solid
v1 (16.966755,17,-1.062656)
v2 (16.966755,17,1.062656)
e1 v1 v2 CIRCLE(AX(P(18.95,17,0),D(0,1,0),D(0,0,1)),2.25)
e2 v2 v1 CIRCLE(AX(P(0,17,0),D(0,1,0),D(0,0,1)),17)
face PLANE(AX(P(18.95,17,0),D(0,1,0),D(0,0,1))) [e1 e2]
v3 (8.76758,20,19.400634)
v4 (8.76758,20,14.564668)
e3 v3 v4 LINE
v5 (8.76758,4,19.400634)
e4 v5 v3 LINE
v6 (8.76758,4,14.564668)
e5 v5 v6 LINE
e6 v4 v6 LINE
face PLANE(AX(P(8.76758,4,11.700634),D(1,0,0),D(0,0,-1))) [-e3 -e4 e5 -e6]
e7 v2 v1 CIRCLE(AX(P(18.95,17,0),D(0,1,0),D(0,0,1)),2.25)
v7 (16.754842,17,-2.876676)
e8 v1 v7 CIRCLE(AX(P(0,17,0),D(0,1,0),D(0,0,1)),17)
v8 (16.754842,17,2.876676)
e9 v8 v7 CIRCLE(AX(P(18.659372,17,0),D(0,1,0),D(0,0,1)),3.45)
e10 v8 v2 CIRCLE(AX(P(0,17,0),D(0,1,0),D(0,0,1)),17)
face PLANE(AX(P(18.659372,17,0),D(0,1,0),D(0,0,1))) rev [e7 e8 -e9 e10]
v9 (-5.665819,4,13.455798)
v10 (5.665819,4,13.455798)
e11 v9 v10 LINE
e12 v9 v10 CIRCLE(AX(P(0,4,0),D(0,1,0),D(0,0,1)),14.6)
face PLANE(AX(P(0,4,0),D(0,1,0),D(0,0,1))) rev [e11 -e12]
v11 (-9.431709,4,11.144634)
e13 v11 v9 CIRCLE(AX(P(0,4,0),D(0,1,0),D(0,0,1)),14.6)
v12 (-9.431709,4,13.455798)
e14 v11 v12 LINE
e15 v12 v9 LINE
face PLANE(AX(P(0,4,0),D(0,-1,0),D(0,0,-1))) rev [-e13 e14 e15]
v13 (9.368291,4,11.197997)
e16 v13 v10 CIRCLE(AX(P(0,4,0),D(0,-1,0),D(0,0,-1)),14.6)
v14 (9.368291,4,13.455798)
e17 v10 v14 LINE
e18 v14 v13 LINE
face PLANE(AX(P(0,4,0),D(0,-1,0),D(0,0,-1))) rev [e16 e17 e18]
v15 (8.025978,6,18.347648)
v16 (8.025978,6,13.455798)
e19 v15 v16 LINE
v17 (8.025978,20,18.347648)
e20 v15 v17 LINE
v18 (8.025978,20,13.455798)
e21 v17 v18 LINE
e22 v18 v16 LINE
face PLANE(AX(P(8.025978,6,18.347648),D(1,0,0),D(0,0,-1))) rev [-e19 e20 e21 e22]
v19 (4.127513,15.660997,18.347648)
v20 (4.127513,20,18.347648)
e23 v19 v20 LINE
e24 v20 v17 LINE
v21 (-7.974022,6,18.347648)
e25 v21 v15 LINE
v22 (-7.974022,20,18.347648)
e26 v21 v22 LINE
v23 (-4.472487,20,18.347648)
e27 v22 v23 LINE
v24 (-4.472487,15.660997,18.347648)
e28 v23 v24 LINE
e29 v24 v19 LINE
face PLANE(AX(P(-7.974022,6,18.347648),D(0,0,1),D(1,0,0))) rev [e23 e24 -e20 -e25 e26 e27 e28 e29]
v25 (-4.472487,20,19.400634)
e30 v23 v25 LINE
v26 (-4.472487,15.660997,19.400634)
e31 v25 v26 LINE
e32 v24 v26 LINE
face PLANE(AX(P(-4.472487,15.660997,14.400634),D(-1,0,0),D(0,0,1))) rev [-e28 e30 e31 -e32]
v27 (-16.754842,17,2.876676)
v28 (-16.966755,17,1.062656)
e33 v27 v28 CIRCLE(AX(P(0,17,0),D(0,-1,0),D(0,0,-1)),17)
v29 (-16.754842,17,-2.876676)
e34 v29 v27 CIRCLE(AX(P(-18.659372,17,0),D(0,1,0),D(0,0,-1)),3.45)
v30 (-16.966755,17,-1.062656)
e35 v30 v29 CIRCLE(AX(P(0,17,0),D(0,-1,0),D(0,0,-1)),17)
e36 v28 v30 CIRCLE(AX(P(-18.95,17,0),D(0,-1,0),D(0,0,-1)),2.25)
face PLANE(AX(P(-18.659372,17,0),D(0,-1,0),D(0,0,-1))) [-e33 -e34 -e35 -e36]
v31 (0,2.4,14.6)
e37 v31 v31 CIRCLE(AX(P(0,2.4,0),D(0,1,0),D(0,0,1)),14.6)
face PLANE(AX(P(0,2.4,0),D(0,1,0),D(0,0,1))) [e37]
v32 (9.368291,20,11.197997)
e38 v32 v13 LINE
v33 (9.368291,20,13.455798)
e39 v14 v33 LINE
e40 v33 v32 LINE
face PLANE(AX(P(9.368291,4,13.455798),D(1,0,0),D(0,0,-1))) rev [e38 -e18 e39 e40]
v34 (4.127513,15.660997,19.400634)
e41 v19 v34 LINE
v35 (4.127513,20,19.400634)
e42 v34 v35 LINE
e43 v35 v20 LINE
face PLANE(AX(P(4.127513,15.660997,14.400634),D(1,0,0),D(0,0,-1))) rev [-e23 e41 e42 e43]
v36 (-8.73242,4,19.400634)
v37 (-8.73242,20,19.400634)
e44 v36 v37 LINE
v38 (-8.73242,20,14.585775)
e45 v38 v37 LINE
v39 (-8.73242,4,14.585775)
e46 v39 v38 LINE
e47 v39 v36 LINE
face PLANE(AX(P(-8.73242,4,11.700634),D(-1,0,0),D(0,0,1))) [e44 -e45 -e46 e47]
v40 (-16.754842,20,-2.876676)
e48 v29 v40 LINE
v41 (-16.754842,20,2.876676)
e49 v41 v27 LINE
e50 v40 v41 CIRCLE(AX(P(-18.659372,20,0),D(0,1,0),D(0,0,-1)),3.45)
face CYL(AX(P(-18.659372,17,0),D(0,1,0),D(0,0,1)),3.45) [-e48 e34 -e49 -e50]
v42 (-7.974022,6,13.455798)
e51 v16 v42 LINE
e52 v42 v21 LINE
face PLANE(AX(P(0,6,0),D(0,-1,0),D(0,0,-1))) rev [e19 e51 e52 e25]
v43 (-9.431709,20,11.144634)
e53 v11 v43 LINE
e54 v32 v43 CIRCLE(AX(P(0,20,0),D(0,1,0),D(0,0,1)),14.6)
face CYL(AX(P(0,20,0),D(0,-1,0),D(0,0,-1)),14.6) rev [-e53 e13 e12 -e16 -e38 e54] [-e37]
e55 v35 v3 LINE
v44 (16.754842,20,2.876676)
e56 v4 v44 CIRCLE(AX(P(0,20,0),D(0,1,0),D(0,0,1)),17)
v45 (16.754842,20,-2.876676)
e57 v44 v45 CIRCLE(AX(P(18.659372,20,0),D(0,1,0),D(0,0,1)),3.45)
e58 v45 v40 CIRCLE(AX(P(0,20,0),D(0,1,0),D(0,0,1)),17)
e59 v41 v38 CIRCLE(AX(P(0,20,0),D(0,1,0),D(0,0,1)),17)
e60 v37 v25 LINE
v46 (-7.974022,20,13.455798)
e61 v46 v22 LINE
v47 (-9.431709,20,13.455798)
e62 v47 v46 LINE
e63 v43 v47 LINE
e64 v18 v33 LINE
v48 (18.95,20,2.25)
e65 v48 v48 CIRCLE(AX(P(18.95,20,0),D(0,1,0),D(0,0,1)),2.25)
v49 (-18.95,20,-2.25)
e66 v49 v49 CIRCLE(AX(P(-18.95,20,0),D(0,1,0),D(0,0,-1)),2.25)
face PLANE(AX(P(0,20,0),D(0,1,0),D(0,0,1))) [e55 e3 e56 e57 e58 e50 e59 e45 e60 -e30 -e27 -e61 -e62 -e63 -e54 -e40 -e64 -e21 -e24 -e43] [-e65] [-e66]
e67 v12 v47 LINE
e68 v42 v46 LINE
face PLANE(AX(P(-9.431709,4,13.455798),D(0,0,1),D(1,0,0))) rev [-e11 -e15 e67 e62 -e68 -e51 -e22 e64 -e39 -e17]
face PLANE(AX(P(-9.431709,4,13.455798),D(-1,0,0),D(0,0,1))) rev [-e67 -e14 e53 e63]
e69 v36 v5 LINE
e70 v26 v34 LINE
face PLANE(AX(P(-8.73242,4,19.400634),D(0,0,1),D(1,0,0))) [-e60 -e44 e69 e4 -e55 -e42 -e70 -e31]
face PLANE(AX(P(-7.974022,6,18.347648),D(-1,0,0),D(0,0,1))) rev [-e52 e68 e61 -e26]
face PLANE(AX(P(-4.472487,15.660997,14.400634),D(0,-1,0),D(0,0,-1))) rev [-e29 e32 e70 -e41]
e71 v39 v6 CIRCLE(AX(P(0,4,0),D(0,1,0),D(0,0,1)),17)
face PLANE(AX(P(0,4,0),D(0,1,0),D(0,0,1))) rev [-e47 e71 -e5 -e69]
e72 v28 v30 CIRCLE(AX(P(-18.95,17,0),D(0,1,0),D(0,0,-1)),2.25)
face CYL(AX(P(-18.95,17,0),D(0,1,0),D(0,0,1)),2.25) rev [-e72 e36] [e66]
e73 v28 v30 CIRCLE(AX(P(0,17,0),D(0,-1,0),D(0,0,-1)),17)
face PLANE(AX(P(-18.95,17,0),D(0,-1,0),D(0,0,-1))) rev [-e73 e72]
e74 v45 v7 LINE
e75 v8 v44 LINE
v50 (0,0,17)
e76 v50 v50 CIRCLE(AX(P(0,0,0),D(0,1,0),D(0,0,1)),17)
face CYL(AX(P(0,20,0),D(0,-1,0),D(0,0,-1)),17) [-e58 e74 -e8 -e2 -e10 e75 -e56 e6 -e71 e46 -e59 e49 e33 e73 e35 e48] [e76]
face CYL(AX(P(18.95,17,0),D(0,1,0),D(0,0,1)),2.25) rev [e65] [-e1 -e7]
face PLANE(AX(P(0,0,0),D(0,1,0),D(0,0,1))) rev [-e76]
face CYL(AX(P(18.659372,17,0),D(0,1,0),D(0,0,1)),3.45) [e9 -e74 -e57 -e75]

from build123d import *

# Parameters (mm, degrees)
SKETCH1_R           = 17
BOSS_EXTRUDE1_DEPTH = 20
SHELL1_T            = -2.4
SKETCH2_R           = 3.45
BOSS_EXTRUDE3_DEPTH = 3
SKETCH4_R           = 2.25
CUT_EXTRUDE1_DEPTH  = 3
SKETCH5_W           = 17.5
SKETCH5_H           = 7.7
BOSS_EXTRUDE4_DEPTH = 16
SKETCH6_W           = 16
SKETCH6_H           = 8.6
CUT_EXTRUDE2_DEPTH  = 14
SKETCH7_W           = 8.6
SKETCH7_H           = 5.8
CUT_EXTRUDE3_DEPTH  = 5
FILLET4_R           = 1
SKETCH8_W           = 18.8
SKETCH8_H           = 3
CUT_EXTRUDE4_DEPTH  = 16


with BuildPart() as part:
    # Sketch1 → Boss-Extrude1 (new body)
    with BuildSketch(Plane(origin=(0, 0, 0), x_dir=(1, 0, 0), z_dir=(0, 1, 0))):
        with Locations(Location((0, 0, 0), (0, 0, 270))):
            Circle(SKETCH1_R)
    extrude(amount=BOSS_EXTRUDE1_DEPTH)

    # Shell1
    shell1_openings = [part.faces().sort_by_distance(p)[0] for p in [
        (0, 20, 0),
    ]]
    offset(amount=SHELL1_T, openings=shell1_openings, kind=Kind.INTERSECTION)

    # Sketch2 → Boss-Extrude3 (add)
    with BuildSketch(Plane(origin=(0, 20, 0), x_dir=(1, 0, 0), z_dir=(0, 1, 0))):
        with Locations((18.659372003, 0)):
            Circle(SKETCH2_R)
        with Locations((-18.659372003, 0)):
            Circle(SKETCH2_R)
    extrude(amount=-BOSS_EXTRUDE3_DEPTH)

    # Sketch4 → Cut-Extrude1 (cut)
    with BuildSketch(Plane(origin=(0, 20, 0), x_dir=(1, 0, 0), z_dir=(0, 1, 0))):
        with Locations(Location((18.95, 0, 0), (0, 0, 270))):
            Circle(SKETCH4_R)
        with Locations(Location((-18.95, 0, 0), (0, 0, 331.816850826))):
            Circle(SKETCH4_R)
    extrude(amount=-CUT_EXTRUDE1_DEPTH, mode=Mode.SUBTRACT)

    # Sketch5 → Boss-Extrude4 (add)
    with BuildSketch(Plane(origin=(0, 20, 0), x_dir=(1, 0, 0), z_dir=(0, 1, 0))):
        with Locations((0.01757968, -15.550633972)):
            Rectangle(SKETCH5_W, SKETCH5_H)
    extrude(amount=-BOSS_EXTRUDE4_DEPTH)

    # Sketch6 → Cut-Extrude2 (cut)
    with BuildSketch(Plane(origin=(0, 20, 0), x_dir=(1, 0, 0), z_dir=(0, 1, 0))):
        with Locations((0.025977535, -14.047647825)):
            Rectangle(SKETCH6_W, SKETCH6_H)
    extrude(amount=-CUT_EXTRUDE2_DEPTH, mode=Mode.SUBTRACT)

    # Sketch7 → Cut-Extrude3 (cut)
    with BuildSketch(Plane.XY.offset(19.400633972)):
        with Locations((-0.172487463, 18.560997168)):
            Rectangle(SKETCH7_W, SKETCH7_H)
    extrude(amount=-CUT_EXTRUDE3_DEPTH, mode=Mode.SUBTRACT)

    # Fillet4
    fillet4_edges = [part.edges().sort_by_distance(p)[0] for p in [
        (0, 4, 11.700633972),
    ]]
    fillet(fillet4_edges, radius=FILLET4_R)

    # Sketch8 → Cut-Extrude4 (cut)
    with BuildSketch(Plane(origin=(0, 20, 0), x_dir=(1, 0, 0), z_dir=(0, 1, 0))):
        with Locations((-0.031709419, -11.955798022)):
            Rectangle(SKETCH8_W, SKETCH8_H)
    extrude(amount=-CUT_EXTRUDE4_DEPTH, mode=Mode.SUBTRACT)


solid = part.part
